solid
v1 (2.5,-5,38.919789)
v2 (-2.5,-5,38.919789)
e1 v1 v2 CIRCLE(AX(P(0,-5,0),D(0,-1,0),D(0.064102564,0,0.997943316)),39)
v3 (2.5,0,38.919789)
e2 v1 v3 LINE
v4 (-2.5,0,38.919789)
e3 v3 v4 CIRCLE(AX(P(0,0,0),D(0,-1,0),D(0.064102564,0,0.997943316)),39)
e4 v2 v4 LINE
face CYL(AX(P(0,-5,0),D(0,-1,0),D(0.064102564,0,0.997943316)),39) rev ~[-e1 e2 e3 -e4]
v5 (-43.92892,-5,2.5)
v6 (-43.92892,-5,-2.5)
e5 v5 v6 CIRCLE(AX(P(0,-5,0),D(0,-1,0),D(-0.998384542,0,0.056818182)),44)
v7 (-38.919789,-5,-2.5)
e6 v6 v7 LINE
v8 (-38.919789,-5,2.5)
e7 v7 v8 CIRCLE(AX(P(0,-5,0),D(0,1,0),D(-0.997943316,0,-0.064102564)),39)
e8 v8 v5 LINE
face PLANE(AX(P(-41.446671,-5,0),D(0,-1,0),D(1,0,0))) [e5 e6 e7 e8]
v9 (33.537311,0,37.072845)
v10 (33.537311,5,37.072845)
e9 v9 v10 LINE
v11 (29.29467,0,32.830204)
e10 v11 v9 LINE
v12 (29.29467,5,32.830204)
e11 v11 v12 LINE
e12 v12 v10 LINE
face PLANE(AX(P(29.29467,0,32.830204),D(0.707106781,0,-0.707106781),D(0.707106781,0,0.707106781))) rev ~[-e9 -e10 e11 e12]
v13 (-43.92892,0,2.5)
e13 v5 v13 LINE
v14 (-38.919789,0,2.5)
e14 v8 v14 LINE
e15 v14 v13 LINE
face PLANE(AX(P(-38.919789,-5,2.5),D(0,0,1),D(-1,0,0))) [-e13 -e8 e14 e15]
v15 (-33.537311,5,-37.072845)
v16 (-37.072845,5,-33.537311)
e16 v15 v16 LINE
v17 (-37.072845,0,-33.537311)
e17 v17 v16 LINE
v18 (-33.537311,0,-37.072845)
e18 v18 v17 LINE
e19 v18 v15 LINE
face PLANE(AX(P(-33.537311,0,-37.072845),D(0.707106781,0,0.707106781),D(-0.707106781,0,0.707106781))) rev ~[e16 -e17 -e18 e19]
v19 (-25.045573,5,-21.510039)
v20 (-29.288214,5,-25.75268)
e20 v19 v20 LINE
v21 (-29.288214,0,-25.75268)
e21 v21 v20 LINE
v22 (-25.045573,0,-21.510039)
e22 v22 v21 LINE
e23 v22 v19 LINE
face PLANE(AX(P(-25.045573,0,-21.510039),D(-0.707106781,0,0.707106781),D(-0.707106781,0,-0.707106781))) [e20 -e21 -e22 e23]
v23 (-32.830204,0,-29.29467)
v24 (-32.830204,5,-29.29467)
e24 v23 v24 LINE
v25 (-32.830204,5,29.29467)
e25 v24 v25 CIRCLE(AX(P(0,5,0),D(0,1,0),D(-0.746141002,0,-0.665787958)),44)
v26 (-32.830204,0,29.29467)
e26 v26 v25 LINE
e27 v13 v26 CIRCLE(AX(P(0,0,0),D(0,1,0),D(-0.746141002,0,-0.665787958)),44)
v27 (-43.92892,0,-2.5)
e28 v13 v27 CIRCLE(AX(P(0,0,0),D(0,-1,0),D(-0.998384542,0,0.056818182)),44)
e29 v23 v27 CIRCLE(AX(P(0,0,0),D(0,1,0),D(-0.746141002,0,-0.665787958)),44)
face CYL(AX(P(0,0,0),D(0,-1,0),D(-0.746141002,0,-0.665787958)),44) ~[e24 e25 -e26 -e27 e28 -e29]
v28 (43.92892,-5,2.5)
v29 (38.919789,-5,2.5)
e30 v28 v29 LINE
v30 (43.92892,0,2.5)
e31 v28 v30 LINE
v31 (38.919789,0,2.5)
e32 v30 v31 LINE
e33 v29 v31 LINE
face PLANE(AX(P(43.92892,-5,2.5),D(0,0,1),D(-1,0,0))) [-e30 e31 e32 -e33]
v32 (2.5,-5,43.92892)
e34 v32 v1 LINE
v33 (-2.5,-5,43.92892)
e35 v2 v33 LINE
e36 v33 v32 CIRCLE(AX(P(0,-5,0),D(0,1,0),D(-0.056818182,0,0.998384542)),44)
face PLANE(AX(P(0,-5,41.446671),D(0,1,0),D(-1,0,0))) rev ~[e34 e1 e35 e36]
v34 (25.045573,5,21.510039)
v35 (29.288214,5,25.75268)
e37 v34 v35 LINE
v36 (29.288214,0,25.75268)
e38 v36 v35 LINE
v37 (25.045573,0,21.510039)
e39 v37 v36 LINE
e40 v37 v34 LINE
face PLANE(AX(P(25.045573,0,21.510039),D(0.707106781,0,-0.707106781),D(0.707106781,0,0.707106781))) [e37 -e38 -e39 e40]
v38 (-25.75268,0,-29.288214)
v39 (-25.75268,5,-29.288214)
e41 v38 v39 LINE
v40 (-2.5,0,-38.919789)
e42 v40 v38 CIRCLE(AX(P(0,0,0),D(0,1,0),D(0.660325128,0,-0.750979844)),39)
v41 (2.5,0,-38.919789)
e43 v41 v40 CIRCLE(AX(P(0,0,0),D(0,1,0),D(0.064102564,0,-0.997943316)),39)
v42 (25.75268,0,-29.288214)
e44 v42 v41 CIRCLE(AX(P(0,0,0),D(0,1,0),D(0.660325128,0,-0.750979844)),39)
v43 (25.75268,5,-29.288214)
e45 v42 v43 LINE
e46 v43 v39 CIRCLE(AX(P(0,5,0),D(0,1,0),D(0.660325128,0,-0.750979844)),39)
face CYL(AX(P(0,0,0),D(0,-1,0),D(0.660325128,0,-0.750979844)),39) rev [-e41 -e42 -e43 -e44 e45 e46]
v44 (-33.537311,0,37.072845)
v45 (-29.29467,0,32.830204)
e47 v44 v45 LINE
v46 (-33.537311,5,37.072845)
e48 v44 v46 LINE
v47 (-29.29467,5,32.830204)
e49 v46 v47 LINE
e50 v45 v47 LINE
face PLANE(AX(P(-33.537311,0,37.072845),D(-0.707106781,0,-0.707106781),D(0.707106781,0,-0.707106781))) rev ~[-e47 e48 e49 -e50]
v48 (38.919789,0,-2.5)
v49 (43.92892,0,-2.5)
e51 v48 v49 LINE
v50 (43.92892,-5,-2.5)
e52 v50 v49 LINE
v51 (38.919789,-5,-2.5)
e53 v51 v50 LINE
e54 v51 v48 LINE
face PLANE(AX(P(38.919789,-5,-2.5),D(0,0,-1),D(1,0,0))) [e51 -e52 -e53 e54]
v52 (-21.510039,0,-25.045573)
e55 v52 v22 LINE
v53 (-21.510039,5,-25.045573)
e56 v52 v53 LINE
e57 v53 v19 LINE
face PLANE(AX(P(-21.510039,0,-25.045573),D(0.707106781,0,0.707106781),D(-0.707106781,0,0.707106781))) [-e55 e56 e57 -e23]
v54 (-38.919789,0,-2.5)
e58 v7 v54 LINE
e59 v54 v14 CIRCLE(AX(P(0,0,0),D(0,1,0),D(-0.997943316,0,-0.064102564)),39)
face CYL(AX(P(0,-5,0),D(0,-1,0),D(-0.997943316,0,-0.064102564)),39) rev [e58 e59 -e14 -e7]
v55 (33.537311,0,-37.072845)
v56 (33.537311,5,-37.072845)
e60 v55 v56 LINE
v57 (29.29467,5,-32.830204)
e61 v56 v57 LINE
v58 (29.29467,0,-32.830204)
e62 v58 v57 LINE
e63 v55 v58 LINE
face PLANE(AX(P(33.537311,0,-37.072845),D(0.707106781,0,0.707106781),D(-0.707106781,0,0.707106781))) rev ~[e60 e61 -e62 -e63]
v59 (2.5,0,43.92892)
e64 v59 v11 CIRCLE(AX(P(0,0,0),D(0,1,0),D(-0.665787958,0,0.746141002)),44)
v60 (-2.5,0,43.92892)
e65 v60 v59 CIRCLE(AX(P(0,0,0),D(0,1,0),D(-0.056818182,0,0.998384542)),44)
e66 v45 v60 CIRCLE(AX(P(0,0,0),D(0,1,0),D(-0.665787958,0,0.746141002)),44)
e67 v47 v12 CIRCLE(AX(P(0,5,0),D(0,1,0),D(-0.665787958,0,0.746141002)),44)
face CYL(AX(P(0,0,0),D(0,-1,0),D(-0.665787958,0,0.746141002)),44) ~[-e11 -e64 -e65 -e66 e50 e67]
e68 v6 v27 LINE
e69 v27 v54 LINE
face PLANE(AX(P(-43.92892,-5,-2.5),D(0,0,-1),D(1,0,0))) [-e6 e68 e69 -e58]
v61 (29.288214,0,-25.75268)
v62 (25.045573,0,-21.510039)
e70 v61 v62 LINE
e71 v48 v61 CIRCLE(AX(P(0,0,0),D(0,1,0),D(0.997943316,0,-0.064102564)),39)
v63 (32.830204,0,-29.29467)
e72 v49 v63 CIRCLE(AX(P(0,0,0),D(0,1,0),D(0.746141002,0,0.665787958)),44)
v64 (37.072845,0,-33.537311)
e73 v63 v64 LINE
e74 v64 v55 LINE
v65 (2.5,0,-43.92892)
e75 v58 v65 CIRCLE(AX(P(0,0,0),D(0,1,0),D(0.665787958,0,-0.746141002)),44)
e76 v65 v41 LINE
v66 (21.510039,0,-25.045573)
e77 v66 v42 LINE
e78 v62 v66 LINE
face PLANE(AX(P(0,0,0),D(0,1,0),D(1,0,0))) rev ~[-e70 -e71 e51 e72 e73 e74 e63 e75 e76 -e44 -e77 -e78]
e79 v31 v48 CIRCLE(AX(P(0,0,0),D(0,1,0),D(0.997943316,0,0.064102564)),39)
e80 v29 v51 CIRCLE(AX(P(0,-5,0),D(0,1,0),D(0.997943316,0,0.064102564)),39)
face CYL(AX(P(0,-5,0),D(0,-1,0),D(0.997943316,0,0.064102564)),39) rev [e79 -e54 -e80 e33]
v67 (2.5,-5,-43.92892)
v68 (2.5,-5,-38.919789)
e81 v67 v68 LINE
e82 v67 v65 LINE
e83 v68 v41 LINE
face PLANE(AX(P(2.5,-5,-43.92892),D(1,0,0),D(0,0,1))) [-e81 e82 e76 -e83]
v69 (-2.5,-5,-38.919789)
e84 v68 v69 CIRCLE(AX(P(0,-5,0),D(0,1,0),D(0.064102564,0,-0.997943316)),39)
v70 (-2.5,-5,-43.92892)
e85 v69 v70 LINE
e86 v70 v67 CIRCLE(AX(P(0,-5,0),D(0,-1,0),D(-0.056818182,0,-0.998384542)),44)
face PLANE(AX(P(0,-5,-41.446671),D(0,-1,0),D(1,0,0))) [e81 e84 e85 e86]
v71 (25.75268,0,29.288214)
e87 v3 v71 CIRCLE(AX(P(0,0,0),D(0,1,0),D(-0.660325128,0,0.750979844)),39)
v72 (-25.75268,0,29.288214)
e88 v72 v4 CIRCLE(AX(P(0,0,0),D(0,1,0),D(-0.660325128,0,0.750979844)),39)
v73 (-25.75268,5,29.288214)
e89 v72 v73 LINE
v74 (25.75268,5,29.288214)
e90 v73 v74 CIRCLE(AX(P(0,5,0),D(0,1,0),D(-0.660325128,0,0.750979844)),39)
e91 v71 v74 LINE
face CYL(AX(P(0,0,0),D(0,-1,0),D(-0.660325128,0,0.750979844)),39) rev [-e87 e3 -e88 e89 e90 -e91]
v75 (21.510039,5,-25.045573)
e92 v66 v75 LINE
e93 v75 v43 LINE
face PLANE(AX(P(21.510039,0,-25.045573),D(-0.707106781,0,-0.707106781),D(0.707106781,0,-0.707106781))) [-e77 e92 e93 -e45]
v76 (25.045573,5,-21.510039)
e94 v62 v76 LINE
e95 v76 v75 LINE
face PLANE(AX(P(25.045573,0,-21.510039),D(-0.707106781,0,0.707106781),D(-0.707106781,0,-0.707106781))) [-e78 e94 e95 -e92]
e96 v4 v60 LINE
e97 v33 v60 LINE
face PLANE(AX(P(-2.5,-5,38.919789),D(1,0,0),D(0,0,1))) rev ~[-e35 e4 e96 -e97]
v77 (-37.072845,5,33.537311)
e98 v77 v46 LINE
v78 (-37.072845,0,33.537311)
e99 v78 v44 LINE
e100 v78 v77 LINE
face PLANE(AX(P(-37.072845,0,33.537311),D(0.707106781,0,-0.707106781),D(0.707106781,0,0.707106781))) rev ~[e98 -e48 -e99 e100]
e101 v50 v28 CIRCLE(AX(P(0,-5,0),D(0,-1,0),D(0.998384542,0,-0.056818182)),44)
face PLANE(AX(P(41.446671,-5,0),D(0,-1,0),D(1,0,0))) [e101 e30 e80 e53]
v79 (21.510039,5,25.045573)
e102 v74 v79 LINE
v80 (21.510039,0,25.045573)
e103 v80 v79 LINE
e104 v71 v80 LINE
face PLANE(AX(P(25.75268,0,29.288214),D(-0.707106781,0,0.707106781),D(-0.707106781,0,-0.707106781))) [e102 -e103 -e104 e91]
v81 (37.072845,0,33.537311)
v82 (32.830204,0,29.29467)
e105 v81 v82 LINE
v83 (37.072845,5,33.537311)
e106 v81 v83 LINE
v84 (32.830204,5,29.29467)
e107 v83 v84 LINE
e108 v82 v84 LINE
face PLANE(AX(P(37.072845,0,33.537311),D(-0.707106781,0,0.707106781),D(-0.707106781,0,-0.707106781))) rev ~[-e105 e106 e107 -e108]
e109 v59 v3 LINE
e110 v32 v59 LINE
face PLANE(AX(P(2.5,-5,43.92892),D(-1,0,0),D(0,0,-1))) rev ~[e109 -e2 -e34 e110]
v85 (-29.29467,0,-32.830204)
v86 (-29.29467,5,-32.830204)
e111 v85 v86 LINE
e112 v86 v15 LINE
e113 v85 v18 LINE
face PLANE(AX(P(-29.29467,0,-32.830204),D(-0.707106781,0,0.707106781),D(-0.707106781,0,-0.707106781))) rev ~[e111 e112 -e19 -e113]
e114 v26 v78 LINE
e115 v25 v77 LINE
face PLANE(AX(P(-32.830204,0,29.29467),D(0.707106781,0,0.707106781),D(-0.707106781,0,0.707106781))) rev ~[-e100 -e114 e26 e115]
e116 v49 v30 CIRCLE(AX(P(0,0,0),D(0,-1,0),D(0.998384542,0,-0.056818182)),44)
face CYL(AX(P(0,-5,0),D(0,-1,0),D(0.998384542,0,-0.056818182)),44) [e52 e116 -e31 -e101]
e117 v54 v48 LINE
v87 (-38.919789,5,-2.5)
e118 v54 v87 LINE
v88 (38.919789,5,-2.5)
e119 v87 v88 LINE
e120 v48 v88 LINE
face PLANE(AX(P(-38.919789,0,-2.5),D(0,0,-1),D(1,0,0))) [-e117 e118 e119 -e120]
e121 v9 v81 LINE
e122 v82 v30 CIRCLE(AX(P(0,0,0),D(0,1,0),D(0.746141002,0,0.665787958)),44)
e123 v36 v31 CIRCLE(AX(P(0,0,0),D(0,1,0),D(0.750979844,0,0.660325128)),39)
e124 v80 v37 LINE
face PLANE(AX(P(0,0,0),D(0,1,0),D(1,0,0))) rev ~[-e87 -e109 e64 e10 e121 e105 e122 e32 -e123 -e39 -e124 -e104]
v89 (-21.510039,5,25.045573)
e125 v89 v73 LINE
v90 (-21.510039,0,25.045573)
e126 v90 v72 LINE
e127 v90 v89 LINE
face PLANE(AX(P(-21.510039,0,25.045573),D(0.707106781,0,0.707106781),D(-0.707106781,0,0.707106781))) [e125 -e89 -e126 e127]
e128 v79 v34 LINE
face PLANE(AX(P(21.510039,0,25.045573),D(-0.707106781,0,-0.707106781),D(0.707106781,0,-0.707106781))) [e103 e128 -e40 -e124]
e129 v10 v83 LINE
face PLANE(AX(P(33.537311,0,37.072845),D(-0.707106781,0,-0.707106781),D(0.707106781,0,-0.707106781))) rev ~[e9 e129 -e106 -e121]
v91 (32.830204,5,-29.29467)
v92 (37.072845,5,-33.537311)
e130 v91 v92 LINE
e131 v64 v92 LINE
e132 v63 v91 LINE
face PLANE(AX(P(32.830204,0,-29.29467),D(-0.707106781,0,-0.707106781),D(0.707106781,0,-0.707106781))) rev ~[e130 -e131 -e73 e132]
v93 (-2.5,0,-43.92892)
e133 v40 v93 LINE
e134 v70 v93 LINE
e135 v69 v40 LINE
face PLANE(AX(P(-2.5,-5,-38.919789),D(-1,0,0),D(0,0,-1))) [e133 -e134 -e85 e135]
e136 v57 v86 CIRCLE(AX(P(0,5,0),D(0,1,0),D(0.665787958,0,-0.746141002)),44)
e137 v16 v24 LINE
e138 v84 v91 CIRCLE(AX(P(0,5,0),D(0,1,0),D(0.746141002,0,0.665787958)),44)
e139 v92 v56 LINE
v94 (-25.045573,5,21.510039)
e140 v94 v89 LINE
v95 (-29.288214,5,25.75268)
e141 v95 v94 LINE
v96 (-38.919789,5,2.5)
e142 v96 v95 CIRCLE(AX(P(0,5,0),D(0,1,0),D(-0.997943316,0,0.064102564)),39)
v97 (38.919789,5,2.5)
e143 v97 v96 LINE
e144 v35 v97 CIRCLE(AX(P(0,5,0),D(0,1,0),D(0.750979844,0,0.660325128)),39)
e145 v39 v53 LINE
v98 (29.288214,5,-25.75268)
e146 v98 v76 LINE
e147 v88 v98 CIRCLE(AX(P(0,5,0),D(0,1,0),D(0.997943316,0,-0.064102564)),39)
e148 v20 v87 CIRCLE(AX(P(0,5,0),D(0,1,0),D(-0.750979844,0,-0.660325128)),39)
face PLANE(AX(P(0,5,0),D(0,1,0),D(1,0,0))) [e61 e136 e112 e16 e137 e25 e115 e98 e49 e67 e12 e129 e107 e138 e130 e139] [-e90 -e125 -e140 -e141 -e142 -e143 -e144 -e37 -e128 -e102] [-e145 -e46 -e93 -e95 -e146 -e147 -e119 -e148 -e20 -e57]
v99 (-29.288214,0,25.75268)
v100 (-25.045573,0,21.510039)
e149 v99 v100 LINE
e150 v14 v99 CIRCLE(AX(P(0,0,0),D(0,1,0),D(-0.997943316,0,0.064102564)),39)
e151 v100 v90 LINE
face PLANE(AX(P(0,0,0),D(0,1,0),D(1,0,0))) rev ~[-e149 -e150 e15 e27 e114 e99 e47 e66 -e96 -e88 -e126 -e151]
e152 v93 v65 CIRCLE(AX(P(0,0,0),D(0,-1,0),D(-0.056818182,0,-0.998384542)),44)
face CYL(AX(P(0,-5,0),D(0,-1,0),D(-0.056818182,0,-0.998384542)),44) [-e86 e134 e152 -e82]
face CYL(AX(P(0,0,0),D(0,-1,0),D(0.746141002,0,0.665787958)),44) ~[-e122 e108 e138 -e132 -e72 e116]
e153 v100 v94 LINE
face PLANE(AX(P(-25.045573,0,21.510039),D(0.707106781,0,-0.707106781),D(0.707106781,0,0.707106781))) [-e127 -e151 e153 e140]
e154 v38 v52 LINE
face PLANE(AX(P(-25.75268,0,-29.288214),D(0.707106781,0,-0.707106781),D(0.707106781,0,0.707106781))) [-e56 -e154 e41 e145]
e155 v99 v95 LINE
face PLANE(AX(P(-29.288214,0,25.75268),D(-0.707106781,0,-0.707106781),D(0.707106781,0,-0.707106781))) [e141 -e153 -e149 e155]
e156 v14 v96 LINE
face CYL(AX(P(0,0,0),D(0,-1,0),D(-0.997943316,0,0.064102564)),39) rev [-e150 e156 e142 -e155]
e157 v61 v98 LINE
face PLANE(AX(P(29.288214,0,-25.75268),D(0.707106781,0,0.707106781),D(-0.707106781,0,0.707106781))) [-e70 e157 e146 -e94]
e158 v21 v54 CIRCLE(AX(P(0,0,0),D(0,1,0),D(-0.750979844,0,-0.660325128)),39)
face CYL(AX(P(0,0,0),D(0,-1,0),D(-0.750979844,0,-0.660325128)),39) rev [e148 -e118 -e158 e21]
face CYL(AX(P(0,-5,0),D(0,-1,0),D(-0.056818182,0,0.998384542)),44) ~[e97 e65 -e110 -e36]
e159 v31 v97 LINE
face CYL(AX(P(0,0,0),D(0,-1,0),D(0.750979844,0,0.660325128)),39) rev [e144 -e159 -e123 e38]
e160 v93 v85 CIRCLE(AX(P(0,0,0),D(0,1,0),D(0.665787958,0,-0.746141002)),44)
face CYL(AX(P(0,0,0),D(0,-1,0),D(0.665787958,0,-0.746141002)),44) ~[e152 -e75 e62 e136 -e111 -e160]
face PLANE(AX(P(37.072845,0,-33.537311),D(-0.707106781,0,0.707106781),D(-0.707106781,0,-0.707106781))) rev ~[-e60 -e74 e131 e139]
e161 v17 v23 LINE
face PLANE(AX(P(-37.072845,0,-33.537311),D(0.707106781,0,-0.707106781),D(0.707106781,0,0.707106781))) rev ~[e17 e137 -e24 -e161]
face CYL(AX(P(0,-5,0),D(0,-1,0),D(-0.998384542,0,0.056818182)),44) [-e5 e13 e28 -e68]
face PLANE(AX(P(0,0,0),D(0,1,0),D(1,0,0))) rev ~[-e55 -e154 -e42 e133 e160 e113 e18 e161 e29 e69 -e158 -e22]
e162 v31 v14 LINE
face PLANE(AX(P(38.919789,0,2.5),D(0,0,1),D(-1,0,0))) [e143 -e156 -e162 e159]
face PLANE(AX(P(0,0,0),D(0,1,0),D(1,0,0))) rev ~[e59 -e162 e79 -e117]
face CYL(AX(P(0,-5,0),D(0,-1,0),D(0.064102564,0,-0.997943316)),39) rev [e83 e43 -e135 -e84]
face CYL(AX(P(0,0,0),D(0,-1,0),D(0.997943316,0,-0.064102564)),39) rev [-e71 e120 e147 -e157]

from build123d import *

# Parameters (mm, degrees)
BOSS_EXTRUDE1_DEPTH = 5
BOSS_EXTRUDE2_START = 5
BOSS_EXTRUDE2_DEPTH = 5


with BuildPart() as part:
    # Sketch1 → Boss-Extrude1 (new body)
    with BuildSketch(Plane(origin=(0, 0, 0), x_dir=(1, 0, 0), z_dir=(0, 1, 0))):
        with BuildLine():
            Line((-35.30507781, 35.30507781), (-37.072844763, 33.537310857))
            Line((-37.072844763, 33.537310857), (-32.830204076, 29.29467017))
            ThreePointArc((-32.830204076, 29.29467017), (-44, 0), (-32.830204076, -29.29467017))
            Line((-32.830204076, -29.29467017), (-37.072844763, -33.537310857))
            Line((-37.072844763, -33.537310857), (-35.30507781, -35.30507781))
            Line((-35.30507781, -35.30507781), (-33.537310857, -37.072844763))
            Line((-33.537310857, -37.072844763), (-29.29467017, -32.830204076))
            ThreePointArc((-29.29467017, -32.830204076), (0, -44), (29.29467017, -32.830204076))
            Line((29.29467017, -32.830204076), (33.537310857, -37.072844763))
            Line((33.537310857, -37.072844763), (35.30507781, -35.30507781))
            Line((35.30507781, -35.30507781), (37.072844763, -33.537310857))
            Line((37.072844763, -33.537310857), (32.830204076, -29.29467017))
            ThreePointArc((32.830204076, -29.29467017), (44, 0), (32.830204076, 29.29467017))
            Line((32.830204076, 29.29467017), (37.072844763, 33.537310857))
            Line((37.072844763, 33.537310857), (35.30507781, 35.30507781))
            Line((35.30507781, 35.30507781), (33.537310857, 37.072844763))
            Line((33.537310857, 37.072844763), (29.29467017, 32.830204076))
            ThreePointArc((29.29467017, 32.830204076), (0, 44), (-29.29467017, 32.830204076))
            Line((-29.29467017, 32.830204076), (-33.537310857, 37.072844763))
            Line((-33.537310857, 37.072844763), (-35.30507781, 35.30507781))
        make_face()
        with BuildLine():
            Line((-38.919789311, 2.5), (38.919789311, 2.5))
            ThreePointArc((38.919789311, 2.5), (36.031301768, 14.924653862), (29.288213897, 25.752679991))
            Line((29.288213897, 25.752679991), (25.04557321, 21.510039304))
            Line((25.04557321, 21.510039304), (21.510039304, 25.04557321))
            Line((21.510039304, 25.04557321), (25.752679991, 29.288213897))
            ThreePointArc((25.752679991, 29.288213897), (0, 39), (-25.752679991, 29.288213897))
            Line((-25.752679991, 29.288213897), (-21.510039304, 25.04557321))
            Line((-21.510039304, 25.04557321), (-25.04557321, 21.510039304))
            Line((-25.04557321, 21.510039304), (-29.288213897, 25.752679991))
            ThreePointArc((-29.288213897, 25.752679991), (-36.031301768, 14.924653862), (-38.919789311, 2.5))
        make_face(mode=Mode.SUBTRACT)
        with BuildLine():
            Line((38.919789311, -2.5), (-38.919789311, -2.5))
            ThreePointArc((-38.919789311, -2.5), (-36.031301768, -14.924653862), (-29.288213897, -25.752679991))
            Line((-29.288213897, -25.752679991), (-25.04557321, -21.510039304))
            Line((-25.04557321, -21.510039304), (-21.510039304, -25.04557321))
            Line((-21.510039304, -25.04557321), (-25.752679991, -29.288213897))
            ThreePointArc((-25.752679991, -29.288213897), (0, -39), (25.752679991, -29.288213897))
            Line((25.752679991, -29.288213897), (21.510039304, -25.04557321))
            Line((21.510039304, -25.04557321), (25.04557321, -21.510039304))
            Line((25.04557321, -21.510039304), (29.288213897, -25.752679991))
            ThreePointArc((29.288213897, -25.752679991), (36.031301768, -14.924653862), (38.919789311, -2.5))
        make_face(mode=Mode.SUBTRACT)
    extrude(amount=BOSS_EXTRUDE1_DEPTH)

    # Sketch2 → Boss-Extrude2 (add)
    with BuildSketch(Plane.XZ.offset(BOSS_EXTRUDE2_START)):
        with BuildLine():
            Line((-38.919789311, 2.5), (-43.928919859, 2.5))
            ThreePointArc((-43.928919859, 2.5), (-44, 0), (-43.928919859, -2.5))
            Line((-43.928919859, -2.5), (-38.919789311, -2.5))
            ThreePointArc((-38.919789311, -2.5), (-39, 0), (-38.919789311, 2.5))
        make_face()
        with BuildLine():
            Line((-2.5, 38.919789311), (-2.5, 43.928919859))
            ThreePointArc((-2.5, 43.928919859), (0, 44), (2.5, 43.928919859))
            Line((2.5, 43.928919859), (2.5, 38.919789311))
            ThreePointArc((2.5, 38.919789311), (0, 39), (-2.5, 38.919789311))
        make_face()
        with BuildLine():
            Line((38.919789311, -2.5), (43.928919859, -2.5))
            ThreePointArc((43.928919859, -2.5), (44, 0), (43.928919859, 2.5))
            Line((43.928919859, 2.5), (38.919789311, 2.5))
            ThreePointArc((38.919789311, 2.5), (39, 0), (38.919789311, -2.5))
        make_face()
        with BuildLine():
            Line((2.5, -43.928919859), (2.5, -38.919789311))
            ThreePointArc((2.5, -38.919789311), (0, -39), (-2.5, -38.919789311))
            Line((-2.5, -38.919789311), (-2.5, -43.928919859))
            ThreePointArc((-2.5, -43.928919859), (0, -44), (2.5, -43.928919859))
        make_face()
    extrude(amount=-BOSS_EXTRUDE2_DEPTH)


solid = part.part
